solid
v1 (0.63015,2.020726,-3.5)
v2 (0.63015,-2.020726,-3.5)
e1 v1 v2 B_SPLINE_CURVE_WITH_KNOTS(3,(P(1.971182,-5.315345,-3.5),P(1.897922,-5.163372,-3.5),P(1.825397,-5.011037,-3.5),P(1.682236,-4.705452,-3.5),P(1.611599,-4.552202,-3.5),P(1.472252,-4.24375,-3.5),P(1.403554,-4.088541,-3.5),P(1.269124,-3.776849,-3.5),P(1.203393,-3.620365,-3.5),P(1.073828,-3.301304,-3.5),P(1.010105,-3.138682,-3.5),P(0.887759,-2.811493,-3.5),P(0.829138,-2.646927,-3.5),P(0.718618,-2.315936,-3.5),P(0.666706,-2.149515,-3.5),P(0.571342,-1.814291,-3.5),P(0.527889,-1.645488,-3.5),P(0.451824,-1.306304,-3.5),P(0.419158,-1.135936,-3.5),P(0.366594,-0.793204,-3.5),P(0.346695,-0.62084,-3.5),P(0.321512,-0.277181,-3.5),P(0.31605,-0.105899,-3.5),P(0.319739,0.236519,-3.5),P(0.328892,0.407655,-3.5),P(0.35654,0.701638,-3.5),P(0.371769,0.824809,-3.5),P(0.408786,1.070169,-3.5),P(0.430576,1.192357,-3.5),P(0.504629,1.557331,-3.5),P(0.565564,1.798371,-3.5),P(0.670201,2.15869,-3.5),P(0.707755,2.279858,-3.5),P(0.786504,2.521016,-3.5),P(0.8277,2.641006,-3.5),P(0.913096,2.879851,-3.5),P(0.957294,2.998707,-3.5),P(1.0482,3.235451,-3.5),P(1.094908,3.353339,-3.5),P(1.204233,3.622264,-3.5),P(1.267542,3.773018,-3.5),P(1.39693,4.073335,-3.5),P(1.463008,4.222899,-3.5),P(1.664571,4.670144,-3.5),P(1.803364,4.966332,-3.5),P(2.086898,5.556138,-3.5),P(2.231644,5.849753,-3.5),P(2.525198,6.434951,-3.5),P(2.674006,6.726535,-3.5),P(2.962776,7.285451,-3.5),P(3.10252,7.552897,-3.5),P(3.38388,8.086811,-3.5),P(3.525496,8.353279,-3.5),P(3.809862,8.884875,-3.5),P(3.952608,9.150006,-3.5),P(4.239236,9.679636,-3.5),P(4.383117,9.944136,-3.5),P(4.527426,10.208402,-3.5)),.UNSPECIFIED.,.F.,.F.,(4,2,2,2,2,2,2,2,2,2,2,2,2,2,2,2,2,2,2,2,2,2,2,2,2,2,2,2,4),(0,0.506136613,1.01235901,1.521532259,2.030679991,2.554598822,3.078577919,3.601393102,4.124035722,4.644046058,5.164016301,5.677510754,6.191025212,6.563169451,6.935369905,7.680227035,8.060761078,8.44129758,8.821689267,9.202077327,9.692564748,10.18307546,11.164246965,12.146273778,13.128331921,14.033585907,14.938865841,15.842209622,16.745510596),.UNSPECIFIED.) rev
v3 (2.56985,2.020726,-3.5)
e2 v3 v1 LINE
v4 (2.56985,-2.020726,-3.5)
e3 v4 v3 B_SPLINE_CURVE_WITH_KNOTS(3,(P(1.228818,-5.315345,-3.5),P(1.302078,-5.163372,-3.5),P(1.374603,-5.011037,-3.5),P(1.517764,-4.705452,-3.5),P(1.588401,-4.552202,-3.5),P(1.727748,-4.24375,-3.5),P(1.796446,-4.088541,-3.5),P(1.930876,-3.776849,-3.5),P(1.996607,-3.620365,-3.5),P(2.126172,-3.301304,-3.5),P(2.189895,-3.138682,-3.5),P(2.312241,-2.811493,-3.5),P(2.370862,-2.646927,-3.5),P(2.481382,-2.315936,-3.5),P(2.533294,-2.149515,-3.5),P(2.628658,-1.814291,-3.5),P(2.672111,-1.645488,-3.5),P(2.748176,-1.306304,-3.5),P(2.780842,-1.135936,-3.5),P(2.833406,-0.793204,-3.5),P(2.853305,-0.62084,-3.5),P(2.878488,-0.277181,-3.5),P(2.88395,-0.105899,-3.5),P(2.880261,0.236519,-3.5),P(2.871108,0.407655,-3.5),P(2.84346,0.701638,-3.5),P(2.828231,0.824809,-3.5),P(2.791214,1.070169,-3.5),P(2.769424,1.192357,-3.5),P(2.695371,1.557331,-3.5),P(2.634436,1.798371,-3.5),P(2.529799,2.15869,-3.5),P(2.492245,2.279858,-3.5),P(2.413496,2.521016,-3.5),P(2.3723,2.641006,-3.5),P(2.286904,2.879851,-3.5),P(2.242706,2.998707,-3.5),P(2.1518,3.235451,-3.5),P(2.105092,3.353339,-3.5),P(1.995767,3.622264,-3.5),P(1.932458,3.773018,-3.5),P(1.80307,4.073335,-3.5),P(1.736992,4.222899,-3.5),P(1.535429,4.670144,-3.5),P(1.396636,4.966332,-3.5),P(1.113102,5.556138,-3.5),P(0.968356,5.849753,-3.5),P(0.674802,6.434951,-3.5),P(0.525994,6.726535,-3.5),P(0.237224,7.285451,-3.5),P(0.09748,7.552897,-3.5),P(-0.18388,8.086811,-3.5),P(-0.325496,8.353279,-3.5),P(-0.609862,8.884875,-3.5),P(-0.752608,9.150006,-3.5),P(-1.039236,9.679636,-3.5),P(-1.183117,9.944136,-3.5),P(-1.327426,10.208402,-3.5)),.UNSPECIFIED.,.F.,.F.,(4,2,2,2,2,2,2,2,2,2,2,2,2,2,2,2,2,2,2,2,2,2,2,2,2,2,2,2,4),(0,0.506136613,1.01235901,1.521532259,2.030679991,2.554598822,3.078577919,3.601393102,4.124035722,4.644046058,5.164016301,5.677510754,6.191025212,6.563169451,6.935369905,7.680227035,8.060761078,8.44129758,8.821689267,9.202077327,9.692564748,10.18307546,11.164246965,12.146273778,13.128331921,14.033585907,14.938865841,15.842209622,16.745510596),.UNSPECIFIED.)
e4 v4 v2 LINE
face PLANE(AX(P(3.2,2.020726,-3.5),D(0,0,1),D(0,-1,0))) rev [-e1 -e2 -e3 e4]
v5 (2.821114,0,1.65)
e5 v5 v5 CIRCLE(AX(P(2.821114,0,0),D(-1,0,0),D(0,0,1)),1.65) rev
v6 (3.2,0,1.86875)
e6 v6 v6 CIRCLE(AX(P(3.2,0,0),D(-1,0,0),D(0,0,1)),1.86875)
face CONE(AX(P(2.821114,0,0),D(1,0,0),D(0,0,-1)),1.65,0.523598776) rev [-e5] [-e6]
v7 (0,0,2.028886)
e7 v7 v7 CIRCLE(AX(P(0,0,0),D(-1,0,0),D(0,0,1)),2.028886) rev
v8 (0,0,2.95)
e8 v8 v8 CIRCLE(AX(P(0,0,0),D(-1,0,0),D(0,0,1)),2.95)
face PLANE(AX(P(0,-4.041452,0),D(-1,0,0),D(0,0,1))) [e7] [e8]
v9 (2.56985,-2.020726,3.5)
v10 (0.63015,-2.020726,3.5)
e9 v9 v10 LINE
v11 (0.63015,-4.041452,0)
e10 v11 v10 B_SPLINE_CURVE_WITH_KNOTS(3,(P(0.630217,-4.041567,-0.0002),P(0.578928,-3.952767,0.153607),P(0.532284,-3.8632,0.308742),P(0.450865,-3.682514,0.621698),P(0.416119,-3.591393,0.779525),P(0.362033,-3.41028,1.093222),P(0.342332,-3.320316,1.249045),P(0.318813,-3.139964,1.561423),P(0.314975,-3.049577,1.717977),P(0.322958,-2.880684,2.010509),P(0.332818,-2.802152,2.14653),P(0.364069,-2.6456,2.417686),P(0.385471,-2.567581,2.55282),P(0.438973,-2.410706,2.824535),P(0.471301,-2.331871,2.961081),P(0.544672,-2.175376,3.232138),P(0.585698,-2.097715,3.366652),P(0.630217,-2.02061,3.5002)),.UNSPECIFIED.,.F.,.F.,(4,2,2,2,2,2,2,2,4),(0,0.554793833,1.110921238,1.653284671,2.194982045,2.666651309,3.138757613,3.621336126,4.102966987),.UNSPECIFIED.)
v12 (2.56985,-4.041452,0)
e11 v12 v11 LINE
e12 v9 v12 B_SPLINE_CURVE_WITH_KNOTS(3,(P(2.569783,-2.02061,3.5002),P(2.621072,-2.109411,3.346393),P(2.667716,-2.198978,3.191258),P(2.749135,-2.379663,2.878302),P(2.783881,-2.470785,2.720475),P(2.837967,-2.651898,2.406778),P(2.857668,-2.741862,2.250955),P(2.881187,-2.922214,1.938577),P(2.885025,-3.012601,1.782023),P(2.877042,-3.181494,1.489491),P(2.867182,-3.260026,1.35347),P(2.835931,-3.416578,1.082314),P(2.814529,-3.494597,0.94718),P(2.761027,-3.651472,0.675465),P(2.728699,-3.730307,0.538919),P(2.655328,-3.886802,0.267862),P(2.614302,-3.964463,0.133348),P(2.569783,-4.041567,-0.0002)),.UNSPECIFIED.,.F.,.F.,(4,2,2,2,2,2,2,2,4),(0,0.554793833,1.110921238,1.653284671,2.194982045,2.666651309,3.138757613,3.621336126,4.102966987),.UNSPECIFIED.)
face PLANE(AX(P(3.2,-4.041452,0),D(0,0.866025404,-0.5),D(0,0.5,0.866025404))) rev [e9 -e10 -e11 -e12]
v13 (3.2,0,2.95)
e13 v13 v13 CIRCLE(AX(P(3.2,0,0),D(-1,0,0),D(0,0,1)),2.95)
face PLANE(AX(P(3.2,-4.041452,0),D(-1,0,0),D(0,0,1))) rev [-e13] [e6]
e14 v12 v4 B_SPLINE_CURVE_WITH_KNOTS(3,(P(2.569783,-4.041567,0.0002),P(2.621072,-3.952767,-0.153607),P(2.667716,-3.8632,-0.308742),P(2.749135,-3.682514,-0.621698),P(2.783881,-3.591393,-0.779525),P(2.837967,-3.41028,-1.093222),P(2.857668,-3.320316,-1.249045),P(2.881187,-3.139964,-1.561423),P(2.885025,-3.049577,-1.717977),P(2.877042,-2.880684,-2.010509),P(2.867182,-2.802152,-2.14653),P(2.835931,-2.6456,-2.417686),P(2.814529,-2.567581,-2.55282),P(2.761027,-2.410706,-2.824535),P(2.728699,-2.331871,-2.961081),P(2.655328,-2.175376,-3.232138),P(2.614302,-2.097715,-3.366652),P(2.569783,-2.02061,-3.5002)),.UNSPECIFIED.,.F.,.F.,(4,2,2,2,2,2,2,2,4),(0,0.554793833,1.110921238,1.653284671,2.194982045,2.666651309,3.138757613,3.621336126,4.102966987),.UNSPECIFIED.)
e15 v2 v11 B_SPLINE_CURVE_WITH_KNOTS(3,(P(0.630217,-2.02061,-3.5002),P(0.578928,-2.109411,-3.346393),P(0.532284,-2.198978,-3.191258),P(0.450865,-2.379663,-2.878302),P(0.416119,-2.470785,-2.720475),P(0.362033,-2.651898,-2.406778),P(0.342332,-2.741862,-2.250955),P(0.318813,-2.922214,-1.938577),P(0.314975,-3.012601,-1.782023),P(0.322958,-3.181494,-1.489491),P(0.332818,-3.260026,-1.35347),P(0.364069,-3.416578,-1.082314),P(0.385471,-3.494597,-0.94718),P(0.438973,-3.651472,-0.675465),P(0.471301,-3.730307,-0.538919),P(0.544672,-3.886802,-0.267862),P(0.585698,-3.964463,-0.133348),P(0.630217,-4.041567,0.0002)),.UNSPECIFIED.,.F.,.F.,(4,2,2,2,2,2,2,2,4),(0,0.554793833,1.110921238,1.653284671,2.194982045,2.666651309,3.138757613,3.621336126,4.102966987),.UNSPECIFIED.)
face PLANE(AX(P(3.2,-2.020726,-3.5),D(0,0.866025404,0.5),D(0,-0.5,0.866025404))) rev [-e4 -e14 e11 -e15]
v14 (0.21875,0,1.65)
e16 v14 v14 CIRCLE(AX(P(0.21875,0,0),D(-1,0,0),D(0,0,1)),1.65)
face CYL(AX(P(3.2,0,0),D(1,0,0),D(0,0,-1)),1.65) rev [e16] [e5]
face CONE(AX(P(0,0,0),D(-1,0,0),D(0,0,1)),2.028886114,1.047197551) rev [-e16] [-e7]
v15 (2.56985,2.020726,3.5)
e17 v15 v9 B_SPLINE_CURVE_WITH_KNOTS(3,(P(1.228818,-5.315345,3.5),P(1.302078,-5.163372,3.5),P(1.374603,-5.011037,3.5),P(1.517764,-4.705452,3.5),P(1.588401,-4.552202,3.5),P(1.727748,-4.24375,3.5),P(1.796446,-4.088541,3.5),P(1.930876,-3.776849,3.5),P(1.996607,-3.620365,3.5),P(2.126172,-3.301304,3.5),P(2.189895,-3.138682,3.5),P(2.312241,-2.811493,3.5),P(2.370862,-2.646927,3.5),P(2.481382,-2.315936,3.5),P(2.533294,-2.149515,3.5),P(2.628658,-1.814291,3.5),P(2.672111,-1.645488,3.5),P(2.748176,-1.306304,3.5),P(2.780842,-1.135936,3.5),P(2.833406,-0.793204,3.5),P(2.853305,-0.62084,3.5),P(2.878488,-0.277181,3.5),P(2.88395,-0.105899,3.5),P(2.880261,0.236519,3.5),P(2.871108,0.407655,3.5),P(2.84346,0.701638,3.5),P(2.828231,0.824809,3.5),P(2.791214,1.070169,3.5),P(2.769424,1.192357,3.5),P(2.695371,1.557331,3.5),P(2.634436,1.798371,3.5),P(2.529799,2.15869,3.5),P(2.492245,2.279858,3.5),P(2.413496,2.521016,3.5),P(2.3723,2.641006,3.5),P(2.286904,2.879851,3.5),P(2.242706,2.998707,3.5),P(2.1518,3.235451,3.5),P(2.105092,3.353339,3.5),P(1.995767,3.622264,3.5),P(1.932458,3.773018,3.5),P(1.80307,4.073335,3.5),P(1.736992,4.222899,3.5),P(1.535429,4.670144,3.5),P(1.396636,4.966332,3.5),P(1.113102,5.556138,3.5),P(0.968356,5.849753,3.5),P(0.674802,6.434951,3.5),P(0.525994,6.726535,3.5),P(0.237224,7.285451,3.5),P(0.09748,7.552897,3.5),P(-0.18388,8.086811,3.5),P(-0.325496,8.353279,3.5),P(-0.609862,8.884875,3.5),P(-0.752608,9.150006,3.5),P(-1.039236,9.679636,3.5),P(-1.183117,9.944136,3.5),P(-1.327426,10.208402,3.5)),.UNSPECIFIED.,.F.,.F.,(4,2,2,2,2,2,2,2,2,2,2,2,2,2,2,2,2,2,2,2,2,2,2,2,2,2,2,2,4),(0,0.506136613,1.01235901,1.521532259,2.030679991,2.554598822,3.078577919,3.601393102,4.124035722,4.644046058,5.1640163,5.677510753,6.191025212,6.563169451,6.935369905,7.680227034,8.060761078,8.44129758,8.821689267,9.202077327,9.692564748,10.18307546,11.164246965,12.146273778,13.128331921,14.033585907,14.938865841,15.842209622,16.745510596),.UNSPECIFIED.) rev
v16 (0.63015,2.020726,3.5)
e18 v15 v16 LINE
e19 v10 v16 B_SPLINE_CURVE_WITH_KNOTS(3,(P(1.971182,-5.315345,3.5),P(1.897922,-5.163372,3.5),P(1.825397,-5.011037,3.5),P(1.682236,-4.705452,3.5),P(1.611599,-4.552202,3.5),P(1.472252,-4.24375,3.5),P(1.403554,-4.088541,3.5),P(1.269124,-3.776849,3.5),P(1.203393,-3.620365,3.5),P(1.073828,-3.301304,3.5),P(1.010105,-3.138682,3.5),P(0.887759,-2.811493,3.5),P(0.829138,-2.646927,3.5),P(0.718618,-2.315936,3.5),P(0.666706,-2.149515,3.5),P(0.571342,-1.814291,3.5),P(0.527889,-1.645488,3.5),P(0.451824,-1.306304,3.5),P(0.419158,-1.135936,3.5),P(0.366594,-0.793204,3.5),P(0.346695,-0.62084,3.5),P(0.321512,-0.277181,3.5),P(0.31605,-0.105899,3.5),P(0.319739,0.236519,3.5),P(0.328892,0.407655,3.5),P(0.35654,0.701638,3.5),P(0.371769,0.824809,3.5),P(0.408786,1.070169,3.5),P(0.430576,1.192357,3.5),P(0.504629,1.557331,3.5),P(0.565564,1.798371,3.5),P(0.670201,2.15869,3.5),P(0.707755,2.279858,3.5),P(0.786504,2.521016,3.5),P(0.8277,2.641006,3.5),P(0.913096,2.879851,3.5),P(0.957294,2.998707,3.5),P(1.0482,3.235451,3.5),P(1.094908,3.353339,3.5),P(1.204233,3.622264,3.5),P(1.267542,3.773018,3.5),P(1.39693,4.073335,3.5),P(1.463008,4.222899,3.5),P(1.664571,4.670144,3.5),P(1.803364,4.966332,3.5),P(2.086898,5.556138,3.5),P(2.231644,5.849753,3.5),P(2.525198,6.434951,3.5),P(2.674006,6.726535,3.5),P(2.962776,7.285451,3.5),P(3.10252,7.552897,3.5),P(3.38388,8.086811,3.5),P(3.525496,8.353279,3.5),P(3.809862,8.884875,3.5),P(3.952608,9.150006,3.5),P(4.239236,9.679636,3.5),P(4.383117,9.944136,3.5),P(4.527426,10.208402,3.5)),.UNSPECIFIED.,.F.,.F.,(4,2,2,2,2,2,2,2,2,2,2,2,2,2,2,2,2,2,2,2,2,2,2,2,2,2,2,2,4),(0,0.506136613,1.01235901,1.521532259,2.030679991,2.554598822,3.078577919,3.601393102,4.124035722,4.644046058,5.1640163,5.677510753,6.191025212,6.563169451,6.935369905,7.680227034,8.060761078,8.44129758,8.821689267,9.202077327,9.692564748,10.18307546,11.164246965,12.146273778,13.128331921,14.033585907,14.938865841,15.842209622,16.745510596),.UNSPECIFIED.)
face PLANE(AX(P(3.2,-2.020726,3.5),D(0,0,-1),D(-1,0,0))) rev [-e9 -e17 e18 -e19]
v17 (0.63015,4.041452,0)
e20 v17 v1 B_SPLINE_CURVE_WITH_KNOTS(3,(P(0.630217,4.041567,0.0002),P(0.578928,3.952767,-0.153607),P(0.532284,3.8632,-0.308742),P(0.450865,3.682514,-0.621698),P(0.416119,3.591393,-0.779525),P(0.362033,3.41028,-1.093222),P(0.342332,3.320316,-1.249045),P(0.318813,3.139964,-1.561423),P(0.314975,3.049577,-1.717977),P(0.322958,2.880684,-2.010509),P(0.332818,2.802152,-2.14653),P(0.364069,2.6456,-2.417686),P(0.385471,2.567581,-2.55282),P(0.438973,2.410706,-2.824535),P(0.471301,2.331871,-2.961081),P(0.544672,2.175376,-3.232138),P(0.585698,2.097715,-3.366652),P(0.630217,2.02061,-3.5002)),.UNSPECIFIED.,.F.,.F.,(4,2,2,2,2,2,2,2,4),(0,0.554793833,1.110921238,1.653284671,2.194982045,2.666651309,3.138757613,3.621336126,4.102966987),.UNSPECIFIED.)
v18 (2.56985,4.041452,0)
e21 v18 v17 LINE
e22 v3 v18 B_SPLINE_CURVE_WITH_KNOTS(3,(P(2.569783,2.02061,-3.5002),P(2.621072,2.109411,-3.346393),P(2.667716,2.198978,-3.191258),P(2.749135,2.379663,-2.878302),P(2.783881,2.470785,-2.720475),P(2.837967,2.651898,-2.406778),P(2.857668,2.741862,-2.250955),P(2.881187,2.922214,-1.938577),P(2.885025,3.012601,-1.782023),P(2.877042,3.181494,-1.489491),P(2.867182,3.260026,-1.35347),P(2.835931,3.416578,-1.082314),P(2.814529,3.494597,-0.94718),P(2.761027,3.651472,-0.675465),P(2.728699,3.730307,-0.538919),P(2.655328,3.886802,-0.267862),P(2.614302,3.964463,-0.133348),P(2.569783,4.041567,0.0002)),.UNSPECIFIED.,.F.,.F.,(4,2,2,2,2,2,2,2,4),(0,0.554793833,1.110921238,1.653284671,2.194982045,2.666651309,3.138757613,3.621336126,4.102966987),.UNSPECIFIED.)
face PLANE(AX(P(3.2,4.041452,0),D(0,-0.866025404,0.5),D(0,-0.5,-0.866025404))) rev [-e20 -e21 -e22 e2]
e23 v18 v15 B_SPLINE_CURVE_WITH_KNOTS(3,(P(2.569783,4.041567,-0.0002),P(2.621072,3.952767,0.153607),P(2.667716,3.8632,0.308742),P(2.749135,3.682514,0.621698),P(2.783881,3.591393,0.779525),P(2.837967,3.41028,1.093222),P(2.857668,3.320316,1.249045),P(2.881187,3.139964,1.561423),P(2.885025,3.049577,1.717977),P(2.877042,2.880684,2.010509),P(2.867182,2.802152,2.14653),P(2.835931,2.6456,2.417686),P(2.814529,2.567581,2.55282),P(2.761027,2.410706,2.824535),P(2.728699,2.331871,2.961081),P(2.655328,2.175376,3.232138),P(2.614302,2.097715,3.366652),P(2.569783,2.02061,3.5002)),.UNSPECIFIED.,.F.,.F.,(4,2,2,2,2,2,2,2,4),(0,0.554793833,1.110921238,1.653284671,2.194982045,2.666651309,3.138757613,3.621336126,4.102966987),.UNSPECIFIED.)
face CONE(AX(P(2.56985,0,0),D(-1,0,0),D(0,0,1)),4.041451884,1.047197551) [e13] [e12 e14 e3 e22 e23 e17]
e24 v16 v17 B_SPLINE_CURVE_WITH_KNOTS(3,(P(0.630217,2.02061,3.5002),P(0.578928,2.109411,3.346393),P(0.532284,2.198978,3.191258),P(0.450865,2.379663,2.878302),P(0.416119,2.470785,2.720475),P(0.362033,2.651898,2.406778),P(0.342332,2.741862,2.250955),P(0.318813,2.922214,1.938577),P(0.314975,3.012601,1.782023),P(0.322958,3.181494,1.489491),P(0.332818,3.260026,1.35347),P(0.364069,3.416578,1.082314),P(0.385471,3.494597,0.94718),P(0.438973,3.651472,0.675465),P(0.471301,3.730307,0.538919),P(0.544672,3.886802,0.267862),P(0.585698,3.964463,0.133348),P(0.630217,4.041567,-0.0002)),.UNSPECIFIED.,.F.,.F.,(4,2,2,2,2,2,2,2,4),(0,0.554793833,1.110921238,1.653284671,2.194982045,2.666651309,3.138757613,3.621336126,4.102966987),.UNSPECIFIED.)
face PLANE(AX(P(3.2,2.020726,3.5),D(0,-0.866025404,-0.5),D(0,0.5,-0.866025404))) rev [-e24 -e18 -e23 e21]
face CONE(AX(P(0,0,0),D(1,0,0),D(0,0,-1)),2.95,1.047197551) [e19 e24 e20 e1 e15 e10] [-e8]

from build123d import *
from OCP.BRepFilletAPI import BRepFilletAPI_MakeChamfer

# Parameters (mm, degrees)
BODY_DEPTH     = 3.2
THREAD_D       = 3.3
CHAMFER3_SIZE  = 0.378886114
CHAMFER3_SIZE2 = 0.21875


with BuildPart() as part:
    # Sketch1 → Body (new body)
    with BuildSketch(Plane.YZ):
        Polygon((-4.041451884, 0), (-2.020725942, 3.5), (2.020725942, 3.5), (4.041451884, 0), (2.020725942, -3.5), (-2.020725942, -3.5), align=None)
    extrude(amount=BODY_DEPTH)

    # Sketch2 → Chamfer1 (revolve, cut)
    with BuildSketch(Plane.XY, mode=Mode.PRIVATE) as chamfer1_sk:
        Polygon((0, 2.95), (0.630150039, 4.041451884), (0, 4.041451884), align=None)
        Polygon((3.2, 2.95), (3.2, 4.041451884), (2.569849961, 4.041451884), align=None)
    revolve(chamfer1_sk.sketch.rotate(Axis((-0.64, 0, 0), (1, 0, 0)), 300.000000005), axis=Axis((-0.64, 0, 0), (1, 0, 0)), mode=Mode.SUBTRACT)

    # Thread (through all)
    with Locations(Plane(origin=(3.2, 0, 0), x_dir=(0, 0, -1), z_dir=(1, 0, 0))):
        with Locations((0, 0)):
            Hole(THREAD_D / 2)

    # Chamfer3: one chamfer whose edges measure the first distance from different faces: ONE call of the kernel's chamfer builder (chamfer() names one face for all edges)
    chamfer3_edges_1 = [part.edges().sort_by_distance(p)[0] for p in [
        (3.2, 0, -1.65),
    ]]
    chamfer3_side_1 = [part.faces().sort_by_distance(p)[0] for p in [
        (1.6, 0, -1.65),
    ]]
    chamfer3_edges_2 = [part.edges().sort_by_distance(p)[0] for p in [
        (0, 0, -1.65),
    ]]
    chamfer3_side_2 = [part.faces().sort_by_distance(p)[0] for p in [
        (0, -1.4332807, 2.482514994),
    ]]
    chamfer3 = BRepFilletAPI_MakeChamfer(part.part.solid().wrapped)
    for e in chamfer3_edges_1:
        chamfer3.Add(CHAMFER3_SIZE, CHAMFER3_SIZE2, e.wrapped, chamfer3_side_1[0].wrapped)  # the first distance lies on this face
    for e in chamfer3_edges_2:
        chamfer3.Add(CHAMFER3_SIZE, CHAMFER3_SIZE2, e.wrapped, chamfer3_side_2[0].wrapped)  # the first distance lies on this face
    add(Compound.cast(chamfer3.Shape()), mode=Mode.REPLACE)


solid = part.part
